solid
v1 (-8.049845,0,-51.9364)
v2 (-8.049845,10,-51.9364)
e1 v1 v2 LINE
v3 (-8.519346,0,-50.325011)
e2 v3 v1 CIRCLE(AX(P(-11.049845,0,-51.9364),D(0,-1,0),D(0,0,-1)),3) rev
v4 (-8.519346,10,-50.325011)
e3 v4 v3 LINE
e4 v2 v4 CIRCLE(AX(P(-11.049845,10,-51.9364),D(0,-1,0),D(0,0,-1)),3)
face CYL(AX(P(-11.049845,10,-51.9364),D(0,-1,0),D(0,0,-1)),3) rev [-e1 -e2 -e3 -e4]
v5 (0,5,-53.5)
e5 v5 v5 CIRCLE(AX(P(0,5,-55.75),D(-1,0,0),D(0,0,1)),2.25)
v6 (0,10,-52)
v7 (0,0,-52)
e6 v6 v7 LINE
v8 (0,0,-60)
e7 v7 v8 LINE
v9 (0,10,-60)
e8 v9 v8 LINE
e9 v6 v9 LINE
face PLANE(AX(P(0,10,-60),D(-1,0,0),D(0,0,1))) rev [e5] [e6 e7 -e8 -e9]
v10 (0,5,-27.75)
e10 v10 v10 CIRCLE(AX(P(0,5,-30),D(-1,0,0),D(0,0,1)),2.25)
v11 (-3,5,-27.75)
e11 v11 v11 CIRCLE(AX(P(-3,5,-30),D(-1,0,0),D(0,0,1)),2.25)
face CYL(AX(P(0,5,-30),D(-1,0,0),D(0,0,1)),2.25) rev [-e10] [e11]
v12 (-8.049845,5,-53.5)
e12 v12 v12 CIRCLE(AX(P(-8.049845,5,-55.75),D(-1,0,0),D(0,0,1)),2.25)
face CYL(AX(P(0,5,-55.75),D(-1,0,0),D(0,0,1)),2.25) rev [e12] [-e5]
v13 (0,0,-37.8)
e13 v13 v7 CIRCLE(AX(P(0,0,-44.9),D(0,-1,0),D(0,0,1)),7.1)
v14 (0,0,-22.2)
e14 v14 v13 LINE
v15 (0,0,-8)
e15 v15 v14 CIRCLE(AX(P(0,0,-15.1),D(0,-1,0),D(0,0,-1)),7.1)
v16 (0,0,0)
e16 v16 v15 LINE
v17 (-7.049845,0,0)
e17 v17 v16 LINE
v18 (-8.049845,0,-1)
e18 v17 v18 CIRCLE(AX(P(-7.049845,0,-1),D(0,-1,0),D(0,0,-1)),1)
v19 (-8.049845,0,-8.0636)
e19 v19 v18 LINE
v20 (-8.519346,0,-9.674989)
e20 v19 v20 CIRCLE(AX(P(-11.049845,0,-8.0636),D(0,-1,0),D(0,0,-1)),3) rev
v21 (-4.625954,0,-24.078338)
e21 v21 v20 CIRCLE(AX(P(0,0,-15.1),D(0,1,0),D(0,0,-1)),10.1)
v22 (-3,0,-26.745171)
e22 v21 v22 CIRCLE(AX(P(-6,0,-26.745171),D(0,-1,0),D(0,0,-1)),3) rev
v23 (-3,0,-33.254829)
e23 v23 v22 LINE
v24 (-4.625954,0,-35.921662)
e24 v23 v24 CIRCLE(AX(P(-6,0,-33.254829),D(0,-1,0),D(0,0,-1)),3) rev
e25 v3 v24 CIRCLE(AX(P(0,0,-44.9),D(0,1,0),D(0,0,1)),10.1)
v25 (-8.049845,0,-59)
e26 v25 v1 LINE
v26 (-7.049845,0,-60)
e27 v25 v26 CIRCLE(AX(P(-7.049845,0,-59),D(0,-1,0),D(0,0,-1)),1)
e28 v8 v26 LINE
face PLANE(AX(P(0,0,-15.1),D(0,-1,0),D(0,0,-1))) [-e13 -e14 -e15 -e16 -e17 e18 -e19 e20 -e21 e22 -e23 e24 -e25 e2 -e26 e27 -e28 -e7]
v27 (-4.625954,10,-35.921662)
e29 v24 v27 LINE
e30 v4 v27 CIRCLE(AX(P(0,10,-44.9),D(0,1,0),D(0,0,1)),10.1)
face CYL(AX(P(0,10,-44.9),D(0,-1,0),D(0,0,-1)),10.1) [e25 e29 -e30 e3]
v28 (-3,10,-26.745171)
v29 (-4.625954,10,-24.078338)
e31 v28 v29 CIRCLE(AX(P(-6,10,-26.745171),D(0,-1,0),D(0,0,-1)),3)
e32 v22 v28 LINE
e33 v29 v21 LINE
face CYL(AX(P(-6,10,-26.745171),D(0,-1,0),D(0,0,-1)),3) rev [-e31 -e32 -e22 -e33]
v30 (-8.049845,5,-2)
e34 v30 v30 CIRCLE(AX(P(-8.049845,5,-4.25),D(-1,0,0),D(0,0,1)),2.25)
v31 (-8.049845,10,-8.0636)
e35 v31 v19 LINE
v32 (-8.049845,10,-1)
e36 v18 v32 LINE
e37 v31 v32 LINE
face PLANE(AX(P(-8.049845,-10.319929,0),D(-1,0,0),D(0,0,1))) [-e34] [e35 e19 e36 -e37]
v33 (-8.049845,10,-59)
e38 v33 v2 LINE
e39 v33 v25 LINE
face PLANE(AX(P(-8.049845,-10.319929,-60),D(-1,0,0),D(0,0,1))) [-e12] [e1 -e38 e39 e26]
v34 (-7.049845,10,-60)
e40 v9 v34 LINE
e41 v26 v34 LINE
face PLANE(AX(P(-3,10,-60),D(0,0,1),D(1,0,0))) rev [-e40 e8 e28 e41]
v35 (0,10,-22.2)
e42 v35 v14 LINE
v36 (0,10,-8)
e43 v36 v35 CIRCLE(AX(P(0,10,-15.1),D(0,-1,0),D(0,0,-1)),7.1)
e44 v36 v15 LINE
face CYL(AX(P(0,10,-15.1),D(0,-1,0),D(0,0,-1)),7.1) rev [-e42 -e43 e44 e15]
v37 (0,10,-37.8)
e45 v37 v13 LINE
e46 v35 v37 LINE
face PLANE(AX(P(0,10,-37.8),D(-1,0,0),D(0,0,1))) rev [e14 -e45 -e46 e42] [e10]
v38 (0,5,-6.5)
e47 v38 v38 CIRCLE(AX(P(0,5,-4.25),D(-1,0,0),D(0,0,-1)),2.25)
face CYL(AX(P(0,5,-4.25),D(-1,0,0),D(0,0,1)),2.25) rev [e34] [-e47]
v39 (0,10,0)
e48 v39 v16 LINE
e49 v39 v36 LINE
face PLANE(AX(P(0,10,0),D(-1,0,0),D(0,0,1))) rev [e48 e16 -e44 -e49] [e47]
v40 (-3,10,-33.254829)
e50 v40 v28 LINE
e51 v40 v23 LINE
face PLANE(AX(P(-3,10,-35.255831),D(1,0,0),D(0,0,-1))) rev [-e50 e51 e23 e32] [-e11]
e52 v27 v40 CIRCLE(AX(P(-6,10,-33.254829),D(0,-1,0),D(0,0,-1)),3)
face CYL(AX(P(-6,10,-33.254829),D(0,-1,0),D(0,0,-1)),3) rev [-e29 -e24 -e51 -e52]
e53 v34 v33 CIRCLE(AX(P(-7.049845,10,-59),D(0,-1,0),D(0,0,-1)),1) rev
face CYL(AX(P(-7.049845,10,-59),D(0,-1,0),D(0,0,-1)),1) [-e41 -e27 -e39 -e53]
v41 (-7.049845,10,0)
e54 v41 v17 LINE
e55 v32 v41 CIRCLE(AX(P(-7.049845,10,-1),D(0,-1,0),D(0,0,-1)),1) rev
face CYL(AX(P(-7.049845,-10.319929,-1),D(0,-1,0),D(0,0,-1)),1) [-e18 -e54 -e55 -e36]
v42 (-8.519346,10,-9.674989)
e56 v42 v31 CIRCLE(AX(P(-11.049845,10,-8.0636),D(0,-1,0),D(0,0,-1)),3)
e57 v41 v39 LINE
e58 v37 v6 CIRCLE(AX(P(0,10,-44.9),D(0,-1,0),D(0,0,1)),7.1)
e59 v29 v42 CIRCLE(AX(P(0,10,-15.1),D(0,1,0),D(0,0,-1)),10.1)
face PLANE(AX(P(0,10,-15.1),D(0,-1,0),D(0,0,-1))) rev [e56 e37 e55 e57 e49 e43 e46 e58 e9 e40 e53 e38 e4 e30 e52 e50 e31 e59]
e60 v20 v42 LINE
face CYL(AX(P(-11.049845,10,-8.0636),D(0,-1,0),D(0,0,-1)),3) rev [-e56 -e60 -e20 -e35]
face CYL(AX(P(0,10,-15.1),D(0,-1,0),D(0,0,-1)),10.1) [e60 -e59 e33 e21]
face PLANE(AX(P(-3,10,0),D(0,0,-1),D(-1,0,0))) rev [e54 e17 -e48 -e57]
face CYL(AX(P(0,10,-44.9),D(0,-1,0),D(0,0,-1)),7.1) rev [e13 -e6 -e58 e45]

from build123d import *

# Parameters (mm, degrees)
EXTRUDE_1_DEPTH          = 10
EXTRUDE_2_DEPTH          = 10
SKETCH_3_R               = 2.25
CUT_EXTRUDE_1_DEPTH      = 5.049845
CUT_EXTRUDE_1_DEPTH_BACK = 4
SKETCH_4_R               = 2.25
CUT_EXTRUDE_2_DEPTH      = 4
FILLET_1_R               = 3
FILLET_2_R               = 1


with BuildPart() as part:
    # Эскиз1 → Бобышка-Вытянуть1 (new body)
    with BuildSketch(Plane(origin=(0, 0, 0), x_dir=(1, 0, 0), z_dir=(0, 1, 0))):
        with BuildLine():
            Line((0, 0), (0, 8))
            ThreePointArc((0, 8), (-7.1, 15.1), (0, 22.2))
            Line((0, 22.2), (0, 37.8))
            ThreePointArc((0, 37.8), (-7.1, 44.9), (0, 52))
            Line((0, 52), (0, 60))
            Line((0, 60), (-3, 60))
            Line((-3, 60), (-3, 54.544169223))
            ThreePointArc((-3, 54.544169223), (-10.1, 44.9), (-3, 35.255830777))
            Line((-3, 35.255830777), (-3, 24.744169223))
            ThreePointArc((-3, 24.744169223), (-10.1, 15.1), (-3, 5.455830777))
            Line((-3, 5.455830777), (-3, 0))
            Line((-3, 0), (0, 0))
        make_face()
    extrude(amount=EXTRUDE_1_DEPTH)

    # Эскиз2 → Бобышка-Вытянуть2 (add)
    with BuildSketch(Plane(origin=(0, 10, 0), x_dir=(1, 0, 0), z_dir=(0, 1, 0))):
        with BuildLine():
            Line((-3, 60), (-8.049844719, 60))
            Line((-8.049844719, 60), (-8.049844719, 51))
            ThreePointArc((-8.049844719, 51), (-5.802159163, 53.167100402), (-3, 54.544169223))
            Line((-3, 54.544169223), (-3, 60))
        make_face()
        with BuildLine():
            Line((-3, 0), (-3, 5.455830777))
            ThreePointArc((-3, 5.455830777), (-5.802159163, 6.832899598), (-8.049844719, 9))
            Line((-8.049844719, 9), (-8.049844719, 0))
            Line((-8.049844719, 0), (-3, 0))
        make_face()
    extrude(amount=-EXTRUDE_2_DEPTH)

    # Эскиз3 → Вырез-Вытянуть1 (cut, two sides)
    with BuildSketch(Plane.ZY.offset(3)) as cut_extrude_1_sk:
        with Locations((-55.75, 5)):
            Circle(SKETCH_3_R)
        with Locations((-4.25, 5)):
            Circle(SKETCH_3_R)
    extrude(amount=CUT_EXTRUDE_1_DEPTH, mode=Mode.SUBTRACT)
    extrude(cut_extrude_1_sk.sketch, amount=-CUT_EXTRUDE_1_DEPTH_BACK, mode=Mode.SUBTRACT)

    # Эскиз4 → Вырез-Вытянуть2 (cut, through all)
    with BuildSketch(Plane.ZY.offset(3)):
        with Locations((-30, 5)):
            Circle(SKETCH_4_R)
    extrude(amount=-CUT_EXTRUDE_2_DEPTH, mode=Mode.SUBTRACT)

    # Скругление1
    fillet_1_edges = [part.edges().sort_by_distance(p)[0] for p in [
        (-3, 5, -24.744169223),
        (-3, 5, -35.255830777),
        (-8.049844719, 5, -51),
        (-8.049844719, 5, -9),
    ]]
    fillet(fillet_1_edges, radius=FILLET_1_R)

    # Скругление2
    fillet_2_edges = [part.edges().sort_by_distance(p)[0] for p in [
        (-8.049844719, 5, -60),
        (-8.049844719, 5, 0),
    ]]
    fillet(fillet_2_edges, radius=FILLET_2_R)


solid = part.part
